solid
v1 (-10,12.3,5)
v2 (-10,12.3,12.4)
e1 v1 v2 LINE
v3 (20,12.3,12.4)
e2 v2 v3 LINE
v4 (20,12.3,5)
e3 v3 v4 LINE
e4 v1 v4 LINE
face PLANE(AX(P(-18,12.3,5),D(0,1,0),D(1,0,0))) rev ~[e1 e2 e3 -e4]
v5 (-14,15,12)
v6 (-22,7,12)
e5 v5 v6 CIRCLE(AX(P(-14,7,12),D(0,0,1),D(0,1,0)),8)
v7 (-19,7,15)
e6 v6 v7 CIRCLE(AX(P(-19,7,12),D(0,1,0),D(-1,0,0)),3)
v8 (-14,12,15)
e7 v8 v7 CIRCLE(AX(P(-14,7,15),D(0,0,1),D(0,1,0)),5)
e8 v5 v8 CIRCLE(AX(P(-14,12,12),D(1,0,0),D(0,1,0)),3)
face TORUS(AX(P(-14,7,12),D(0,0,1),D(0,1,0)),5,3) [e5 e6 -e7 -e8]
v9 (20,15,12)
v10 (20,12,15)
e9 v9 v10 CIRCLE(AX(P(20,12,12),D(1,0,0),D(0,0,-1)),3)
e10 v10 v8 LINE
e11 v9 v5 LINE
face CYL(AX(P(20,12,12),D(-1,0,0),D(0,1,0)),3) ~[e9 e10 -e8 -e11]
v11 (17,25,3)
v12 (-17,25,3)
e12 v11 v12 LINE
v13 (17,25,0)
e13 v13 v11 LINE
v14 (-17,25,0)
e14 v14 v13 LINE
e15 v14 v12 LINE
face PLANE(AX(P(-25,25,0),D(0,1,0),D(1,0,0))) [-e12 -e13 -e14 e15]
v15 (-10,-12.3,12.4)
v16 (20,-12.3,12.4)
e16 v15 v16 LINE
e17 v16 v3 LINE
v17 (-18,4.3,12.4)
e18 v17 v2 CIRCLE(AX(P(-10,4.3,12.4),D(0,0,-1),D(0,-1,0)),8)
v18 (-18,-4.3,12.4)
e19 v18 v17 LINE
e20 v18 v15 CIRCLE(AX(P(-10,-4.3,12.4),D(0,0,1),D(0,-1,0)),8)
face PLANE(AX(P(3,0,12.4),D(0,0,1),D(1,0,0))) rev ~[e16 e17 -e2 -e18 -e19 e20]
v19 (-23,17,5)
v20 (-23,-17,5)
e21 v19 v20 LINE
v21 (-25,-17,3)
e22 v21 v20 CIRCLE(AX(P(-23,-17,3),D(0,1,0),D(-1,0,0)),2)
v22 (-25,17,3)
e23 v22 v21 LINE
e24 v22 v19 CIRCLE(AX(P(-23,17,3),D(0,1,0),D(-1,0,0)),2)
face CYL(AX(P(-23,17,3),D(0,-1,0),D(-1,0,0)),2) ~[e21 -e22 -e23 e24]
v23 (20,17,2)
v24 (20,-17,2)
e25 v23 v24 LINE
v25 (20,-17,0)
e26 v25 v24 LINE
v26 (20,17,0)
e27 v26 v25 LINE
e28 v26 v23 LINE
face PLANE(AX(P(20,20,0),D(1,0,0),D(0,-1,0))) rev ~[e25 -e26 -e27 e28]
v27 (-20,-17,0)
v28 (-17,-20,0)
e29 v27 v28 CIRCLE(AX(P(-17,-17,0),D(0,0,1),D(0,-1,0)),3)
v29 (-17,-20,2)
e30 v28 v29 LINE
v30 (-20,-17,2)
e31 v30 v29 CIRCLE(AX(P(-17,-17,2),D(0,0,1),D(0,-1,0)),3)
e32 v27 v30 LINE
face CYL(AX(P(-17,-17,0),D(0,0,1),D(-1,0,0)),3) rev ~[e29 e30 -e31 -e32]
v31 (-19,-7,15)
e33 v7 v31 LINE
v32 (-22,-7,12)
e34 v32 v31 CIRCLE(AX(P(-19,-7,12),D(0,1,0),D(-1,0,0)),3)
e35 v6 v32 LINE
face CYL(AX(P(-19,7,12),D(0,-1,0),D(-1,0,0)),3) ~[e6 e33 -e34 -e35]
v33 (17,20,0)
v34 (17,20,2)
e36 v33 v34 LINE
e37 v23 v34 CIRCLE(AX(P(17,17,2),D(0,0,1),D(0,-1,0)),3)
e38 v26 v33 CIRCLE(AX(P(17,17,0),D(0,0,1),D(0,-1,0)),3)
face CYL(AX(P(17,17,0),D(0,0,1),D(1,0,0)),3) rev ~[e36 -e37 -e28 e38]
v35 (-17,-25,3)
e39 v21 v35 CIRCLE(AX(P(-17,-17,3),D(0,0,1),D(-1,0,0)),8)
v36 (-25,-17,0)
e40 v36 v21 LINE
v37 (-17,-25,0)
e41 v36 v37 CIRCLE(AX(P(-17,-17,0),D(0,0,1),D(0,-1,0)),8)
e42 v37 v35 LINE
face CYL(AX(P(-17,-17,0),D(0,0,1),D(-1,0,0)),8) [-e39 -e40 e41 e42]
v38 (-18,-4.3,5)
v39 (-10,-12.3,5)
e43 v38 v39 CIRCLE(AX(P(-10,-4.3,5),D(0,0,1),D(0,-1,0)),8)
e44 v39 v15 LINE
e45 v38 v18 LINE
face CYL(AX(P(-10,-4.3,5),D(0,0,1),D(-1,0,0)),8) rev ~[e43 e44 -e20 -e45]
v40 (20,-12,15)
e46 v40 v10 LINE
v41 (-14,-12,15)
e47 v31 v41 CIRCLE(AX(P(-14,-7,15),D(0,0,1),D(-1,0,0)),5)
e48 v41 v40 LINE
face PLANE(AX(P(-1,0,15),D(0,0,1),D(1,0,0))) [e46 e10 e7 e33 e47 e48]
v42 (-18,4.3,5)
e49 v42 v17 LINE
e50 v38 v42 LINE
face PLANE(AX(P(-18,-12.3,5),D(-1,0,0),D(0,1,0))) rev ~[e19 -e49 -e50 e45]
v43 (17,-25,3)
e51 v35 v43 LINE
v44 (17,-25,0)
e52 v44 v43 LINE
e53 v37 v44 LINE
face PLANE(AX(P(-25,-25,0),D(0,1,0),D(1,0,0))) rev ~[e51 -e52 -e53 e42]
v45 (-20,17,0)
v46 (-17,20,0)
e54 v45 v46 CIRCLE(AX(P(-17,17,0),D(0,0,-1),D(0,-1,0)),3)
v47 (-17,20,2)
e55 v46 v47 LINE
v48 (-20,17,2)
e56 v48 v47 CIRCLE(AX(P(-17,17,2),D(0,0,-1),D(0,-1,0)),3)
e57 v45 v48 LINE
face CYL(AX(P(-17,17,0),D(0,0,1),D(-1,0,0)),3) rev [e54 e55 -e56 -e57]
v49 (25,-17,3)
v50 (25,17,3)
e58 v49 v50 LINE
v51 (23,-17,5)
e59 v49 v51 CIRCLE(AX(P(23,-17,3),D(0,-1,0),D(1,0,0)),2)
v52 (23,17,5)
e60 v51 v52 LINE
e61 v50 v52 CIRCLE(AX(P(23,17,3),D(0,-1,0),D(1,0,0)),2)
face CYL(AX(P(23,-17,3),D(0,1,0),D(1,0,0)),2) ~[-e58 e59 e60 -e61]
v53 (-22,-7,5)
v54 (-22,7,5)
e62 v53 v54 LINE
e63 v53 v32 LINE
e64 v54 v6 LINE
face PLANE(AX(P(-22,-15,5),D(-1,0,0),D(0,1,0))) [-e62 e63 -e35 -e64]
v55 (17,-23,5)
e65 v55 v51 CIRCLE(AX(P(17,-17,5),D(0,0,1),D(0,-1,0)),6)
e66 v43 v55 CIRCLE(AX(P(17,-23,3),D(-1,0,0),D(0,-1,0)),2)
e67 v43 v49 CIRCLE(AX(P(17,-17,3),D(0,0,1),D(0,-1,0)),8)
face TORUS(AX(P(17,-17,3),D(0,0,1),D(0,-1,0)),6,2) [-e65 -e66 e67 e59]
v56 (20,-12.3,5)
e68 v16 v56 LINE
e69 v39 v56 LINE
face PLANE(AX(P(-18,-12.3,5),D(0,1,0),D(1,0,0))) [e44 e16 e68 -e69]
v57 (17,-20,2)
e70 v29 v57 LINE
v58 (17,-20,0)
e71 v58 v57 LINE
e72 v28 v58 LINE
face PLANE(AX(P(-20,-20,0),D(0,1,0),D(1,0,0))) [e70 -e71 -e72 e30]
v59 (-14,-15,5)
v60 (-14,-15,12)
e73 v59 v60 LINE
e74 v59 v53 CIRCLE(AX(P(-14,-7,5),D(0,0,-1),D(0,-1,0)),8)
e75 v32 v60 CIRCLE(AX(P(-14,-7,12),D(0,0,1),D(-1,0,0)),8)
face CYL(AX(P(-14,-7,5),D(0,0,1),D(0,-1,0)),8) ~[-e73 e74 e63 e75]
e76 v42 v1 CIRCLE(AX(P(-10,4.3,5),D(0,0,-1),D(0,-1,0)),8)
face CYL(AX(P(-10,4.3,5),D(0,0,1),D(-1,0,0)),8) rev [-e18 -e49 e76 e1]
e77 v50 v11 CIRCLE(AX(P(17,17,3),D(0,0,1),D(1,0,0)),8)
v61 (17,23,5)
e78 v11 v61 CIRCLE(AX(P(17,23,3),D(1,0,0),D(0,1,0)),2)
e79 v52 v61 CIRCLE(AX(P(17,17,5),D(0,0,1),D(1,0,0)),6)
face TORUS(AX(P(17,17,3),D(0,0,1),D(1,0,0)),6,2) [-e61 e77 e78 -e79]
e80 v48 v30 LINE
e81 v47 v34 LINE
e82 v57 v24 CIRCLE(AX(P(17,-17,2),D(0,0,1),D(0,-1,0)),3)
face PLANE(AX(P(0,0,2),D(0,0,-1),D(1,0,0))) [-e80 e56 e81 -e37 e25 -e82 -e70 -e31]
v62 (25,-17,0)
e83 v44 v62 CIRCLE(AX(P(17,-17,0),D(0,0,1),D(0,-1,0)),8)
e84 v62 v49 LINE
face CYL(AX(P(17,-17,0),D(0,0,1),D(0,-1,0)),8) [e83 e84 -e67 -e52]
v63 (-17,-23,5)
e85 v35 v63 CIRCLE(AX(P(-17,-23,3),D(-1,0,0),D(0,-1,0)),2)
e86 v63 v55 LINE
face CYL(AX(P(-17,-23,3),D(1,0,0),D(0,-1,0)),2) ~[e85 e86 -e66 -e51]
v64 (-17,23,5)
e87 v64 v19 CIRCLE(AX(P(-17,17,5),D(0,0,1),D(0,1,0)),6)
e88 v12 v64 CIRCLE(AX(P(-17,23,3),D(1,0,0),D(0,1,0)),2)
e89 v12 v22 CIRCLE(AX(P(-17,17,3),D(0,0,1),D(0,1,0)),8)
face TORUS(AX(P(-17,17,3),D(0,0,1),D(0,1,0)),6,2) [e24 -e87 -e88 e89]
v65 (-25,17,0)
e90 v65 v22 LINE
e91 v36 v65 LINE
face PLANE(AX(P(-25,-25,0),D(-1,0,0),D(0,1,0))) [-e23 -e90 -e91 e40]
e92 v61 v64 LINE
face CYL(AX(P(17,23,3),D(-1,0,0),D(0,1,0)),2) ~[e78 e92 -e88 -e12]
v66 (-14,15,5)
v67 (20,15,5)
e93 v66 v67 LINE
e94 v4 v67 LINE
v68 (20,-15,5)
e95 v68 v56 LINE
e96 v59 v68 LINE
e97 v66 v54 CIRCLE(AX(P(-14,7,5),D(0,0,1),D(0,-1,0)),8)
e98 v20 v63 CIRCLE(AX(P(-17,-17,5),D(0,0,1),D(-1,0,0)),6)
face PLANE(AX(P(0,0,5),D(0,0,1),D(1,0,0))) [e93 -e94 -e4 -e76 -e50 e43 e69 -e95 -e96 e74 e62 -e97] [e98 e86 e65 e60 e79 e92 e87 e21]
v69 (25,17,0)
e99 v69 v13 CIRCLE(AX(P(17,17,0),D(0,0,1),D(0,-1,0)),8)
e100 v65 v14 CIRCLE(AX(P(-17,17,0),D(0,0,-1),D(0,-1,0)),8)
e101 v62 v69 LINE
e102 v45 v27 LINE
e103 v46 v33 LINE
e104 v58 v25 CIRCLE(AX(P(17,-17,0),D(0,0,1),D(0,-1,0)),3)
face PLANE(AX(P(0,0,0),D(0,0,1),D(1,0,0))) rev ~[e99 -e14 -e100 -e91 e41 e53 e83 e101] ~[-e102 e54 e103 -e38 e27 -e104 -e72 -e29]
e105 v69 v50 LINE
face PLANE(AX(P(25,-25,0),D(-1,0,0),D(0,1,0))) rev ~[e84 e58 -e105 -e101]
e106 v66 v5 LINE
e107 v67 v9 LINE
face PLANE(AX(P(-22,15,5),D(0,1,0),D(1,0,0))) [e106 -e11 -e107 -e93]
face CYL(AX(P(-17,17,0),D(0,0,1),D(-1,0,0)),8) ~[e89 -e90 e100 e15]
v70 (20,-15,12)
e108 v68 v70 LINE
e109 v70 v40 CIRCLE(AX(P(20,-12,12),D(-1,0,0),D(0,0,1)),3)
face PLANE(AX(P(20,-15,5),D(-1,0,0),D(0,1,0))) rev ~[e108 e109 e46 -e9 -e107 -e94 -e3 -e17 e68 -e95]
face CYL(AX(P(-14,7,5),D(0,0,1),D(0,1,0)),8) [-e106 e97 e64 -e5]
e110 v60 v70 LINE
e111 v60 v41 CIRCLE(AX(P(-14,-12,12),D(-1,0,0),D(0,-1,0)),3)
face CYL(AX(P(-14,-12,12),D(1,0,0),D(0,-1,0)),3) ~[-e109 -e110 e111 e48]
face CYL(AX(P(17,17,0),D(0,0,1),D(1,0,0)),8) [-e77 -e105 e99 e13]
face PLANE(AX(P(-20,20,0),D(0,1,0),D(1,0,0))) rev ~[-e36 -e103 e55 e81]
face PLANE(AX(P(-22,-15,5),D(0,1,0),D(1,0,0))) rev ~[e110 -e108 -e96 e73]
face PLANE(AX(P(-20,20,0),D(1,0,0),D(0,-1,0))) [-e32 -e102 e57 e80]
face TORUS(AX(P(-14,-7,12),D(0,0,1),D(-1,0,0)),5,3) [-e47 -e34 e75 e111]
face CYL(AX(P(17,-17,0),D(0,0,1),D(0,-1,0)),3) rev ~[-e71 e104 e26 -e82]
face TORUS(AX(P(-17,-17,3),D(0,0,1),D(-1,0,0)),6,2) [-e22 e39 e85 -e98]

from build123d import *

# Parameters (mm, degrees)
SKETCH002_W  = 42
SKETCH002_H  = 24.6
PAD002_DEPTH = 7.4
FILLET004_R  = 8
SKETCH_W     = 50
SKETCH_H     = 50
PAD_DEPTH    = 5
FILLET_R     = 8
SKETCH001_W  = 42
SKETCH001_H  = 30
PAD001_DEPTH = 10
SKETCH003_W  = 40
SKETCH003_H  = 40
POCKET_DEPTH = 2
FILLET005_R  = 8
FILLET006_R  = 3
FILLET007_R  = 2
FILLET008_R  = 3


with BuildPart() as body001:
    # Sketch002 → Pad002 (new body)
    with BuildSketch(Plane.XY):
        with Locations((3, 0)):
            Rectangle(SKETCH002_W, SKETCH002_H)
    extrude(amount=PAD002_DEPTH)

    # Fillet004
    fillet004_edges = [body001.edges().sort_by_distance(p)[0] for p in [
        (-18, 12.3, 3.7),
        (-18, -12.3, 3.7),
    ]]
    fillet(fillet004_edges, radius=FILLET004_R)


with BuildPart() as body001_1:
    # Body001 placement: moved
    add(body001.part.moved(Location((0, 0, 5))))


with BuildPart() as body:
    # Sketch → Pad (new body)
    with BuildSketch(Plane.XY):
        Rectangle(SKETCH_W, SKETCH_H)
    extrude(amount=PAD_DEPTH)

    # Fillet
    fillet_edges = [body.edges().sort_by_distance(p)[0] for p in [
        (25, 25, 2.5),
        (25, -25, 2.5),
        (-25, 25, 2.5),
        (-25, -25, 2.5),
    ]]
    fillet(fillet_edges, radius=FILLET_R)

    # Sketch001 (on Face5 of Fillet) → Pad001 (join)
    with BuildSketch(Plane.XY.offset(5)):
        with Locations((-1, 0)):
            Rectangle(SKETCH001_W, SKETCH001_H)
    extrude(amount=PAD001_DEPTH)

    # Sketch003 → Pocket (cut)
    with BuildSketch(Plane(origin=(0, 0, 0), x_dir=(1, 0, 0), z_dir=(0, 0, -1))):
        Rectangle(SKETCH003_W, SKETCH003_H)
    extrude(amount=-POCKET_DEPTH, mode=Mode.SUBTRACT)

    # Boolean: cut Body001
    add(body001_1.part, mode=Mode.SUBTRACT)

    # Fillet005
    fillet005_edges = [body.edges().sort_by_distance(p)[0] for p in [
        (-22, 15, 10),
        (-22, -15, 10),
    ]]
    fillet(fillet005_edges, radius=FILLET005_R)

    # Fillet006
    fillet006_edges = [body.edges().sort_by_distance(p)[0] for p in [
        (-20, -20, 1),
        (-20, 20, 1),
        (20, 20, 1),
        (20, -20, 1),
    ]]
    fillet(fillet006_edges, radius=FILLET006_R)

    # Fillet007
    fillet007_edges = [body.edges().sort_by_distance(p)[0] for p in [
        (0, -25, 5),
    ]]
    fillet(fillet007_edges, radius=FILLET007_R)

    # Fillet008
    fillet008_edges = [body.edges().sort_by_distance(p)[0] for p in [
        (3, -15, 15),
    ]]
    fillet(fillet008_edges, radius=FILLET008_R)


solid = body.part
